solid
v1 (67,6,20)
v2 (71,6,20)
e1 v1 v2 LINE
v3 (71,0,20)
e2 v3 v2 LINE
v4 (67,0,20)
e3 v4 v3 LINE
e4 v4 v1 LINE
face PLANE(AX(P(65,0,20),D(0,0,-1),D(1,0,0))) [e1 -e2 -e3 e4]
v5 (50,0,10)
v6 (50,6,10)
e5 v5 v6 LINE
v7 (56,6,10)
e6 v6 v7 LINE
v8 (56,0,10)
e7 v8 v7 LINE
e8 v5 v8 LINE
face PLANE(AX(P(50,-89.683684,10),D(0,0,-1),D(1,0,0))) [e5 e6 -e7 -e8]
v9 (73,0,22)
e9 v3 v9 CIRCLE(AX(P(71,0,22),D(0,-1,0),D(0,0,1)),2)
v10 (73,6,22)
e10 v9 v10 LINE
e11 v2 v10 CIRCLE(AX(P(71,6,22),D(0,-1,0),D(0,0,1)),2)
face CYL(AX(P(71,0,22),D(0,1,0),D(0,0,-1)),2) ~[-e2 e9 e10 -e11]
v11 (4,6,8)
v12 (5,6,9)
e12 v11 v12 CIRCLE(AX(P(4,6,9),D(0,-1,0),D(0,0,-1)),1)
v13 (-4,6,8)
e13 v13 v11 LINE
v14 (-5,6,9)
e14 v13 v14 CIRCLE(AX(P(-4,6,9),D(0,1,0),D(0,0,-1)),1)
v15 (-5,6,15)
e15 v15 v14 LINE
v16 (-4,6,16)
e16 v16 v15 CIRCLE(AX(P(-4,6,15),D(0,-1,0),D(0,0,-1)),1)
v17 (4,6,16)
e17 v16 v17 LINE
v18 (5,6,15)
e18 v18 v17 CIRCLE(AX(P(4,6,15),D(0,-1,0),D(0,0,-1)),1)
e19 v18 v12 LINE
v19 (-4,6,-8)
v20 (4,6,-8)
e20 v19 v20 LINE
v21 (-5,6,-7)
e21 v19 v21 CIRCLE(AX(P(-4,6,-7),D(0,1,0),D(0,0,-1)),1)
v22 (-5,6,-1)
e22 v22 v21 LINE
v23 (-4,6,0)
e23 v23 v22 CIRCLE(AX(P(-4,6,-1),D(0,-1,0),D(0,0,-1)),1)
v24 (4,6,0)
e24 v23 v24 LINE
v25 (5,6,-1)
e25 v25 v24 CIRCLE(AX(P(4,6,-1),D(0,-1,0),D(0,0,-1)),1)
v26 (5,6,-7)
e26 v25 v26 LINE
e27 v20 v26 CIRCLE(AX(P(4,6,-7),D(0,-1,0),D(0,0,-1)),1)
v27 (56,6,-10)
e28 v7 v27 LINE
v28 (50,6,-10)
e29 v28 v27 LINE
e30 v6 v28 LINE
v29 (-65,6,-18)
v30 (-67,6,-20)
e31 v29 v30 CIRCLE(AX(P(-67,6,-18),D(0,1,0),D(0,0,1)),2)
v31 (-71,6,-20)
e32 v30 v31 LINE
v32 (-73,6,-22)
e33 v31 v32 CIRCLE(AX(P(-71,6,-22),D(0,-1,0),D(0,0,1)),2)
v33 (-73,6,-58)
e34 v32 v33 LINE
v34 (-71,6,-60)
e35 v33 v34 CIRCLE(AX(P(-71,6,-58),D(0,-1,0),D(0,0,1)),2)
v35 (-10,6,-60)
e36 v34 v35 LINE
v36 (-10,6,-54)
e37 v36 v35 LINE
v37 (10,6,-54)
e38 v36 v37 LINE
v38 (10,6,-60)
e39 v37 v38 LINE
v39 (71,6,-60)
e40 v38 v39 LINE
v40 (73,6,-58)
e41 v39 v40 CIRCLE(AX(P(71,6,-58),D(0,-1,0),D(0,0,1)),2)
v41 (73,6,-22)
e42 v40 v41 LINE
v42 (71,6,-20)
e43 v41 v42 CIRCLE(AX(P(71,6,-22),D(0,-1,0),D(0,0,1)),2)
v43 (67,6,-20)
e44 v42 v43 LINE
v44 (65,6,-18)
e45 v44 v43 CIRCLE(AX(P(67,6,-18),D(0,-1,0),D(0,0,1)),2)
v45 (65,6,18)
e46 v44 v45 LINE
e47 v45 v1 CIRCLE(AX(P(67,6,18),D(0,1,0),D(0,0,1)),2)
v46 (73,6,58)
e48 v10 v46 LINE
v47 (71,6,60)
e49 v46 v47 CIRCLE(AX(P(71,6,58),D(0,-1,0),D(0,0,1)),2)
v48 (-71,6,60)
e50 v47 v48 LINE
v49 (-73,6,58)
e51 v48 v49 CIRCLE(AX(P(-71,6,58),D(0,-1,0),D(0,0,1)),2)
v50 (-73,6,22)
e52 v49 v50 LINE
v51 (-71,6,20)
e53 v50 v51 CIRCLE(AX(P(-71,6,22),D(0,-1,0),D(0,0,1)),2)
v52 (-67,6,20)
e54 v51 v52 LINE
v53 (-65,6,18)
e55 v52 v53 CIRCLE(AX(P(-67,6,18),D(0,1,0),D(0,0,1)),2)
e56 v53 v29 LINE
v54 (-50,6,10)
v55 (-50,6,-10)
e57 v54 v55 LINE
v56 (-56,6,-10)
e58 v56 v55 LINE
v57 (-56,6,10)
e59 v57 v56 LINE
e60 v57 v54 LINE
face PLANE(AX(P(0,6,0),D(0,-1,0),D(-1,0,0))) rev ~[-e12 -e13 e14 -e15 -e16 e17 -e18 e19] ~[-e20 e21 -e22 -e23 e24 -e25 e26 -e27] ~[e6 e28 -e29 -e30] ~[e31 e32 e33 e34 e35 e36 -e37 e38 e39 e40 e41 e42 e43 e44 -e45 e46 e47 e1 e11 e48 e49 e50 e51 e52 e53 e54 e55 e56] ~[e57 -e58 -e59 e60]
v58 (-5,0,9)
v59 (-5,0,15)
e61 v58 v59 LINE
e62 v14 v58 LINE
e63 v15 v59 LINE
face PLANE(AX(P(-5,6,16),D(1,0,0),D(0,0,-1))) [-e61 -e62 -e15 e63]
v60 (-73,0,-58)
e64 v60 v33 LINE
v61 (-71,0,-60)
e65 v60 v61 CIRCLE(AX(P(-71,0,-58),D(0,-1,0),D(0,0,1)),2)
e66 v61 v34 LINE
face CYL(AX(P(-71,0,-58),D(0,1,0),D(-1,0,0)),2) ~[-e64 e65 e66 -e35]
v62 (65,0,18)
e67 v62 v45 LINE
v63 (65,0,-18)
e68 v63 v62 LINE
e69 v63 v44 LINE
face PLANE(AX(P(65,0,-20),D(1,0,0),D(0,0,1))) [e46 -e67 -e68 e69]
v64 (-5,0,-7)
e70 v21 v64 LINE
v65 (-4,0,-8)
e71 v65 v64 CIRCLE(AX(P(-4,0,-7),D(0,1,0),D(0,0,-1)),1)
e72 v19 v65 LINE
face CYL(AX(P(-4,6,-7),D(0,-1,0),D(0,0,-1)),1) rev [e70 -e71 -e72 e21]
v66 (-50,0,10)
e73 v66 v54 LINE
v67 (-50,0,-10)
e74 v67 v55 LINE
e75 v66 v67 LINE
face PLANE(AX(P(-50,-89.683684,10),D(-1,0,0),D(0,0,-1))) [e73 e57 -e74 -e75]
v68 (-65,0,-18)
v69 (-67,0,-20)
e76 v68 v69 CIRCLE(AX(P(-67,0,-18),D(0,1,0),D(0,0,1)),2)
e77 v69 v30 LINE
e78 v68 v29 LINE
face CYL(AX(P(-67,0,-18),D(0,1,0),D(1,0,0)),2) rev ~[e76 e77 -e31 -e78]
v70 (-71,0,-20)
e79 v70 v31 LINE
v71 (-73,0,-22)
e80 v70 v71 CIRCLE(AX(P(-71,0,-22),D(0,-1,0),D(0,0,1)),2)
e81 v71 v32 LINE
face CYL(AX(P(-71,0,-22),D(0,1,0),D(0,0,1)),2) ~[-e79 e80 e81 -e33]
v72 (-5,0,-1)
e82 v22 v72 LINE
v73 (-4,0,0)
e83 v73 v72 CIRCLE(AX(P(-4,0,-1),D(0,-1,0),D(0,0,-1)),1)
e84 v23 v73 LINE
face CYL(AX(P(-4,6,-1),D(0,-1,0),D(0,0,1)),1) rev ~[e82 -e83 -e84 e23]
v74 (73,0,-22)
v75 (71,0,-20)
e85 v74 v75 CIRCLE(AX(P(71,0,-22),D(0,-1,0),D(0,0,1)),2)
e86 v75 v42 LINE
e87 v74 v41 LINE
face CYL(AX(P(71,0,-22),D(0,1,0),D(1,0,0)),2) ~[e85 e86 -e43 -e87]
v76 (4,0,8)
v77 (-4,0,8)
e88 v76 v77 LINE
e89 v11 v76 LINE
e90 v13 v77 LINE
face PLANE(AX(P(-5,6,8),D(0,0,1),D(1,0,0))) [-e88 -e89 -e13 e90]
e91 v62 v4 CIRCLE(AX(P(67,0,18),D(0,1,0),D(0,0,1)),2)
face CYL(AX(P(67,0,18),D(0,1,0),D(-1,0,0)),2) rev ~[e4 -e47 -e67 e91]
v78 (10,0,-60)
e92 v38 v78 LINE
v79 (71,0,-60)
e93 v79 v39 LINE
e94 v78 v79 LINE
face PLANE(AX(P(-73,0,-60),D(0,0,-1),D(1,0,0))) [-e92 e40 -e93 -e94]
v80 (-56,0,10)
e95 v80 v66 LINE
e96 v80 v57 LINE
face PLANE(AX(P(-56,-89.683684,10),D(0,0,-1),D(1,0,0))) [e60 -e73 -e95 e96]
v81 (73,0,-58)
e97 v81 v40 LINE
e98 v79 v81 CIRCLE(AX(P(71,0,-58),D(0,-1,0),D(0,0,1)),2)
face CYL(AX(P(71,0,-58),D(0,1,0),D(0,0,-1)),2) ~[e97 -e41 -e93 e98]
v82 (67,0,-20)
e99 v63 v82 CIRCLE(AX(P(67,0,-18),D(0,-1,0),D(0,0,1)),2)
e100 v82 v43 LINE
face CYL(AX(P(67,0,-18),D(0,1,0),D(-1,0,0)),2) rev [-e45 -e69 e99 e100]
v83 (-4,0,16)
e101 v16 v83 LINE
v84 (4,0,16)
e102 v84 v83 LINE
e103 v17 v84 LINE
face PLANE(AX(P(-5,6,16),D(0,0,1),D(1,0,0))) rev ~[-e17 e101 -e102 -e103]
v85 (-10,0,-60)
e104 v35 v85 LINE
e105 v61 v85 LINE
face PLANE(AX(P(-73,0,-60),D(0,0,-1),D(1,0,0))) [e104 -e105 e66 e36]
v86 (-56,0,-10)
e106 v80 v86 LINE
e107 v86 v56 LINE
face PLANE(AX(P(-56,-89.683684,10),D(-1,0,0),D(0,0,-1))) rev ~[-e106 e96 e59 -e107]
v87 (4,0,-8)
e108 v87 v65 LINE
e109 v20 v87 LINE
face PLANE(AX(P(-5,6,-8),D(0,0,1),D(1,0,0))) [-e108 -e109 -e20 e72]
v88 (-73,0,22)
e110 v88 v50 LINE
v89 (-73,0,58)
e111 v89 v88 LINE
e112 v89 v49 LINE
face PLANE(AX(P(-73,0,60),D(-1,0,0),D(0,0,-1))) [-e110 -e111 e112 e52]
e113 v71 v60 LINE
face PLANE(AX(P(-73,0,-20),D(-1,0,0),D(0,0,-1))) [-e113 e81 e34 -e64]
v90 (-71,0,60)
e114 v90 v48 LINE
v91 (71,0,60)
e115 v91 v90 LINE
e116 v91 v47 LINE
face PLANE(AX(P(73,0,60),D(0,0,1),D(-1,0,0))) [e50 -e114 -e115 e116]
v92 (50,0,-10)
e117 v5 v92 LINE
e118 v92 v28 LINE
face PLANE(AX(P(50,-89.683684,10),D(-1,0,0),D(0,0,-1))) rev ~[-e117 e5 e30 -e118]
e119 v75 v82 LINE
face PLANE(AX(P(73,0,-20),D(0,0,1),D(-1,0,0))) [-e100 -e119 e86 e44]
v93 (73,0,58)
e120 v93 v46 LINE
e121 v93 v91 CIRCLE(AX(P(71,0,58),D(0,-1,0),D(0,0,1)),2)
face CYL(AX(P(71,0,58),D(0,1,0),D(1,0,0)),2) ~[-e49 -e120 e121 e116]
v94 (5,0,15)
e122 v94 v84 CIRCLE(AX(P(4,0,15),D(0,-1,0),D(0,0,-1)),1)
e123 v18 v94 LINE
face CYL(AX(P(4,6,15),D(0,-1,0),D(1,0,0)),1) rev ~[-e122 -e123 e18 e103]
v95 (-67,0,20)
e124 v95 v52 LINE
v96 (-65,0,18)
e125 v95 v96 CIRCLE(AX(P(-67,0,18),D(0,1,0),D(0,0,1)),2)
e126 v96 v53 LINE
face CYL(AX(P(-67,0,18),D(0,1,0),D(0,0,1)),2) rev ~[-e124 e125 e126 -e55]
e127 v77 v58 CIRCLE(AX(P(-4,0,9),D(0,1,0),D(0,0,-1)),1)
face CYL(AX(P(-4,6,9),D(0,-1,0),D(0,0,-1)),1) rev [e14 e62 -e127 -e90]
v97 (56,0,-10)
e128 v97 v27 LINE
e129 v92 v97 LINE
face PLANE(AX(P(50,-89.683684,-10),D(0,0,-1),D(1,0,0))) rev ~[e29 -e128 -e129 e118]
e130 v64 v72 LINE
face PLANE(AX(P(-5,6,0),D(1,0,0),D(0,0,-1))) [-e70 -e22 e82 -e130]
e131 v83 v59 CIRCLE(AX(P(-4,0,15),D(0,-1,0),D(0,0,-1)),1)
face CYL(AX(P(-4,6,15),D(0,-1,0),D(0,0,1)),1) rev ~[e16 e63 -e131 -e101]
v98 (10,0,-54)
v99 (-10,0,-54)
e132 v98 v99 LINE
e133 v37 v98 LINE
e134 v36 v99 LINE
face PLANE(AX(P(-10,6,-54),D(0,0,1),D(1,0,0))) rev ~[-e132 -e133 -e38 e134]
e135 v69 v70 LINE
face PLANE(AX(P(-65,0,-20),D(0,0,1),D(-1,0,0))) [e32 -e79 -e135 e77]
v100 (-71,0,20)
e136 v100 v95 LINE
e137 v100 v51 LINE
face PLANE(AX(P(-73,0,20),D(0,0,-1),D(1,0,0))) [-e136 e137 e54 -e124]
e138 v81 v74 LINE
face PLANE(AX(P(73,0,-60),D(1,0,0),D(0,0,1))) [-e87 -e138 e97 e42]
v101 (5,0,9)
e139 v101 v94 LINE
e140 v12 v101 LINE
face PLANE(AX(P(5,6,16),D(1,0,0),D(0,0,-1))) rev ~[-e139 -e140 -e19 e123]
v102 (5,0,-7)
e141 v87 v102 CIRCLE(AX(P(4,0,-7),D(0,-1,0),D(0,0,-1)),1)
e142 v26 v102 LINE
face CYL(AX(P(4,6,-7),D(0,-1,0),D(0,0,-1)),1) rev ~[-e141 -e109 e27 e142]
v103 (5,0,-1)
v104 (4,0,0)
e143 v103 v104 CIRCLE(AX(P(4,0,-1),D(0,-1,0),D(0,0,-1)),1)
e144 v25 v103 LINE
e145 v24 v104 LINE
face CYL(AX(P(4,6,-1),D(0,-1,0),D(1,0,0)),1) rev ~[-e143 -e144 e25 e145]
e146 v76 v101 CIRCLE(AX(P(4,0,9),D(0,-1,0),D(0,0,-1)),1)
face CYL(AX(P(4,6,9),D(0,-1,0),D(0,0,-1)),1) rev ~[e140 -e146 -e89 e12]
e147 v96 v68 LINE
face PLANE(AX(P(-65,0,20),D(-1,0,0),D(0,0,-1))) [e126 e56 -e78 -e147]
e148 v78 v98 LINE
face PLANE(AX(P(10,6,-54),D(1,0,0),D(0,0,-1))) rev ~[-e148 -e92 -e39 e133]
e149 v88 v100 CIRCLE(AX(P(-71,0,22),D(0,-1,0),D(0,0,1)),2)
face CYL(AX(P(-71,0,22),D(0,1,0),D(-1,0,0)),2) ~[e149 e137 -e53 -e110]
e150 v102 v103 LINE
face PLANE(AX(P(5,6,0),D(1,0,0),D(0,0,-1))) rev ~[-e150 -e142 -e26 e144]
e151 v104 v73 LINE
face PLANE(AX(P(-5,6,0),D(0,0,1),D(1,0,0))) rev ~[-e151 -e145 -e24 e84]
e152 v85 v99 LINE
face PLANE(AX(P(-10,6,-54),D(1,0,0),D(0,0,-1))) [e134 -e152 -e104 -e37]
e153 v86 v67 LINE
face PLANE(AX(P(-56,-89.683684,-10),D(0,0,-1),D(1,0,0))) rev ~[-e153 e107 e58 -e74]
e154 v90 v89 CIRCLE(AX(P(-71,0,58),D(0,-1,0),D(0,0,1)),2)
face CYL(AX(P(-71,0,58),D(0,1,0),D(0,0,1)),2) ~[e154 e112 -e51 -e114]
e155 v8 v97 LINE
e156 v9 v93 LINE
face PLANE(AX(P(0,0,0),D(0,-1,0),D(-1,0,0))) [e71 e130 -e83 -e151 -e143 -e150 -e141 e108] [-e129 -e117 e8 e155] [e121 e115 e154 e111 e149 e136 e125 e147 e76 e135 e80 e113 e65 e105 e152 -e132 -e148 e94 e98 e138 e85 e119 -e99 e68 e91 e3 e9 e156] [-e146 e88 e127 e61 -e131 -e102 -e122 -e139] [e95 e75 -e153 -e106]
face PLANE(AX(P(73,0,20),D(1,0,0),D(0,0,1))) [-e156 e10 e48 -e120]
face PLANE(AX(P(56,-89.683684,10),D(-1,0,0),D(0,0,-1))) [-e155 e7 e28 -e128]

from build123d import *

# Parameters (mm, degrees)
BOSS_EXTRUDE1_DEPTH     = 6
FILLET1_R               = 2
CUT_EXTRUDE1_DEPTH      = 95.683683917
CUT_EXTRUDE1_DEPTH_BACK = 95.683683917
SKETCH2_W               = 6
SKETCH2_H               = 20
SKETCH3_W               = 10
SKETCH3_H               = 8
CUT_EXTRUDE2_DEPTH      = 95.683683917
FILLET2_R               = 1
SKETCH4_W               = 20
SKETCH4_H               = 6
CUT_EXTRUDE3_DEPTH      = 95.683683917


with BuildPart() as part:
    # Sketch1 → Boss-Extrude1 (new body)
    with BuildSketch(Plane(origin=(0, 0, 0), x_dir=(1, 0, 0), z_dir=(0, 1, 0))):
        Polygon((65, 20), (65, -20), (73, -20), (73, -60), (-73, -60), (-73, -20), (-65, -20), (-65, 20), (-73, 20), (-73, 60), (73, 60), (73, 20), align=None)
    extrude(amount=BOSS_EXTRUDE1_DEPTH)

    # Fillet1
    fillet1_edges = [part.edges().sort_by_distance(p)[0] for p in [
        (65, 3, 20),
        (73, 3, 20),
        (73, 3, 60),
        (-73, 3, 60),
        (-73, 3, 20),
        (-65, 3, 20),
        (-65, 3, -20),
        (-73, 3, -20),
        (-73, 3, -60),
        (73, 3, -60),
        (73, 3, -20),
        (65, 3, -20),
    ]]
    fillet(fillet1_edges, radius=FILLET1_R)

    # Sketch2 → Cut-Extrude1 (cut, two sides: drawn at the far end of the back side and taken through both)
    with BuildSketch(Plane(origin=(0, 6, 0), x_dir=(1, 0, 0), z_dir=(0, 1, 0)).offset(-CUT_EXTRUDE1_DEPTH_BACK)):
        with Locations((53, 0)):
            Rectangle(SKETCH2_W, SKETCH2_H)
        with Locations((-53, 0)):
            Rectangle(SKETCH2_W, SKETCH2_H)
    extrude(amount=CUT_EXTRUDE1_DEPTH + CUT_EXTRUDE1_DEPTH_BACK, mode=Mode.SUBTRACT)

    # Sketch3 → Cut-Extrude2 (cut, through all)
    with BuildSketch(Plane(origin=(0, 6, 0), x_dir=(1, 0, 0), z_dir=(0, 1, 0))):
        with Locations((0, 4)):
            Rectangle(SKETCH3_W, SKETCH3_H)
        with Locations((0, -12)):
            Rectangle(SKETCH3_W, SKETCH3_H)
    extrude(amount=-CUT_EXTRUDE2_DEPTH, mode=Mode.SUBTRACT)

    # Fillet2
    fillet2_edges = [part.edges().sort_by_distance(p)[0] for p in [
        (5, 3, -8),
        (5, 3, 0),
        (-5, 3, 0),
        (-5, 3, -8),
        (-5, 3, 16),
        (-5, 3, 8),
        (5, 3, 8),
        (5, 3, 16),
    ]]
    fillet(fillet2_edges, radius=FILLET2_R)

    # Sketch4 → Cut-Extrude3 (cut, through all)
    with BuildSketch(Plane(origin=(0, 6, 0), x_dir=(1, 0, 0), z_dir=(0, 1, 0))):
        with Locations((0, 57)):
            Rectangle(SKETCH4_W, SKETCH4_H)
    extrude(amount=-CUT_EXTRUDE3_DEPTH, mode=Mode.SUBTRACT)


solid = part.part
